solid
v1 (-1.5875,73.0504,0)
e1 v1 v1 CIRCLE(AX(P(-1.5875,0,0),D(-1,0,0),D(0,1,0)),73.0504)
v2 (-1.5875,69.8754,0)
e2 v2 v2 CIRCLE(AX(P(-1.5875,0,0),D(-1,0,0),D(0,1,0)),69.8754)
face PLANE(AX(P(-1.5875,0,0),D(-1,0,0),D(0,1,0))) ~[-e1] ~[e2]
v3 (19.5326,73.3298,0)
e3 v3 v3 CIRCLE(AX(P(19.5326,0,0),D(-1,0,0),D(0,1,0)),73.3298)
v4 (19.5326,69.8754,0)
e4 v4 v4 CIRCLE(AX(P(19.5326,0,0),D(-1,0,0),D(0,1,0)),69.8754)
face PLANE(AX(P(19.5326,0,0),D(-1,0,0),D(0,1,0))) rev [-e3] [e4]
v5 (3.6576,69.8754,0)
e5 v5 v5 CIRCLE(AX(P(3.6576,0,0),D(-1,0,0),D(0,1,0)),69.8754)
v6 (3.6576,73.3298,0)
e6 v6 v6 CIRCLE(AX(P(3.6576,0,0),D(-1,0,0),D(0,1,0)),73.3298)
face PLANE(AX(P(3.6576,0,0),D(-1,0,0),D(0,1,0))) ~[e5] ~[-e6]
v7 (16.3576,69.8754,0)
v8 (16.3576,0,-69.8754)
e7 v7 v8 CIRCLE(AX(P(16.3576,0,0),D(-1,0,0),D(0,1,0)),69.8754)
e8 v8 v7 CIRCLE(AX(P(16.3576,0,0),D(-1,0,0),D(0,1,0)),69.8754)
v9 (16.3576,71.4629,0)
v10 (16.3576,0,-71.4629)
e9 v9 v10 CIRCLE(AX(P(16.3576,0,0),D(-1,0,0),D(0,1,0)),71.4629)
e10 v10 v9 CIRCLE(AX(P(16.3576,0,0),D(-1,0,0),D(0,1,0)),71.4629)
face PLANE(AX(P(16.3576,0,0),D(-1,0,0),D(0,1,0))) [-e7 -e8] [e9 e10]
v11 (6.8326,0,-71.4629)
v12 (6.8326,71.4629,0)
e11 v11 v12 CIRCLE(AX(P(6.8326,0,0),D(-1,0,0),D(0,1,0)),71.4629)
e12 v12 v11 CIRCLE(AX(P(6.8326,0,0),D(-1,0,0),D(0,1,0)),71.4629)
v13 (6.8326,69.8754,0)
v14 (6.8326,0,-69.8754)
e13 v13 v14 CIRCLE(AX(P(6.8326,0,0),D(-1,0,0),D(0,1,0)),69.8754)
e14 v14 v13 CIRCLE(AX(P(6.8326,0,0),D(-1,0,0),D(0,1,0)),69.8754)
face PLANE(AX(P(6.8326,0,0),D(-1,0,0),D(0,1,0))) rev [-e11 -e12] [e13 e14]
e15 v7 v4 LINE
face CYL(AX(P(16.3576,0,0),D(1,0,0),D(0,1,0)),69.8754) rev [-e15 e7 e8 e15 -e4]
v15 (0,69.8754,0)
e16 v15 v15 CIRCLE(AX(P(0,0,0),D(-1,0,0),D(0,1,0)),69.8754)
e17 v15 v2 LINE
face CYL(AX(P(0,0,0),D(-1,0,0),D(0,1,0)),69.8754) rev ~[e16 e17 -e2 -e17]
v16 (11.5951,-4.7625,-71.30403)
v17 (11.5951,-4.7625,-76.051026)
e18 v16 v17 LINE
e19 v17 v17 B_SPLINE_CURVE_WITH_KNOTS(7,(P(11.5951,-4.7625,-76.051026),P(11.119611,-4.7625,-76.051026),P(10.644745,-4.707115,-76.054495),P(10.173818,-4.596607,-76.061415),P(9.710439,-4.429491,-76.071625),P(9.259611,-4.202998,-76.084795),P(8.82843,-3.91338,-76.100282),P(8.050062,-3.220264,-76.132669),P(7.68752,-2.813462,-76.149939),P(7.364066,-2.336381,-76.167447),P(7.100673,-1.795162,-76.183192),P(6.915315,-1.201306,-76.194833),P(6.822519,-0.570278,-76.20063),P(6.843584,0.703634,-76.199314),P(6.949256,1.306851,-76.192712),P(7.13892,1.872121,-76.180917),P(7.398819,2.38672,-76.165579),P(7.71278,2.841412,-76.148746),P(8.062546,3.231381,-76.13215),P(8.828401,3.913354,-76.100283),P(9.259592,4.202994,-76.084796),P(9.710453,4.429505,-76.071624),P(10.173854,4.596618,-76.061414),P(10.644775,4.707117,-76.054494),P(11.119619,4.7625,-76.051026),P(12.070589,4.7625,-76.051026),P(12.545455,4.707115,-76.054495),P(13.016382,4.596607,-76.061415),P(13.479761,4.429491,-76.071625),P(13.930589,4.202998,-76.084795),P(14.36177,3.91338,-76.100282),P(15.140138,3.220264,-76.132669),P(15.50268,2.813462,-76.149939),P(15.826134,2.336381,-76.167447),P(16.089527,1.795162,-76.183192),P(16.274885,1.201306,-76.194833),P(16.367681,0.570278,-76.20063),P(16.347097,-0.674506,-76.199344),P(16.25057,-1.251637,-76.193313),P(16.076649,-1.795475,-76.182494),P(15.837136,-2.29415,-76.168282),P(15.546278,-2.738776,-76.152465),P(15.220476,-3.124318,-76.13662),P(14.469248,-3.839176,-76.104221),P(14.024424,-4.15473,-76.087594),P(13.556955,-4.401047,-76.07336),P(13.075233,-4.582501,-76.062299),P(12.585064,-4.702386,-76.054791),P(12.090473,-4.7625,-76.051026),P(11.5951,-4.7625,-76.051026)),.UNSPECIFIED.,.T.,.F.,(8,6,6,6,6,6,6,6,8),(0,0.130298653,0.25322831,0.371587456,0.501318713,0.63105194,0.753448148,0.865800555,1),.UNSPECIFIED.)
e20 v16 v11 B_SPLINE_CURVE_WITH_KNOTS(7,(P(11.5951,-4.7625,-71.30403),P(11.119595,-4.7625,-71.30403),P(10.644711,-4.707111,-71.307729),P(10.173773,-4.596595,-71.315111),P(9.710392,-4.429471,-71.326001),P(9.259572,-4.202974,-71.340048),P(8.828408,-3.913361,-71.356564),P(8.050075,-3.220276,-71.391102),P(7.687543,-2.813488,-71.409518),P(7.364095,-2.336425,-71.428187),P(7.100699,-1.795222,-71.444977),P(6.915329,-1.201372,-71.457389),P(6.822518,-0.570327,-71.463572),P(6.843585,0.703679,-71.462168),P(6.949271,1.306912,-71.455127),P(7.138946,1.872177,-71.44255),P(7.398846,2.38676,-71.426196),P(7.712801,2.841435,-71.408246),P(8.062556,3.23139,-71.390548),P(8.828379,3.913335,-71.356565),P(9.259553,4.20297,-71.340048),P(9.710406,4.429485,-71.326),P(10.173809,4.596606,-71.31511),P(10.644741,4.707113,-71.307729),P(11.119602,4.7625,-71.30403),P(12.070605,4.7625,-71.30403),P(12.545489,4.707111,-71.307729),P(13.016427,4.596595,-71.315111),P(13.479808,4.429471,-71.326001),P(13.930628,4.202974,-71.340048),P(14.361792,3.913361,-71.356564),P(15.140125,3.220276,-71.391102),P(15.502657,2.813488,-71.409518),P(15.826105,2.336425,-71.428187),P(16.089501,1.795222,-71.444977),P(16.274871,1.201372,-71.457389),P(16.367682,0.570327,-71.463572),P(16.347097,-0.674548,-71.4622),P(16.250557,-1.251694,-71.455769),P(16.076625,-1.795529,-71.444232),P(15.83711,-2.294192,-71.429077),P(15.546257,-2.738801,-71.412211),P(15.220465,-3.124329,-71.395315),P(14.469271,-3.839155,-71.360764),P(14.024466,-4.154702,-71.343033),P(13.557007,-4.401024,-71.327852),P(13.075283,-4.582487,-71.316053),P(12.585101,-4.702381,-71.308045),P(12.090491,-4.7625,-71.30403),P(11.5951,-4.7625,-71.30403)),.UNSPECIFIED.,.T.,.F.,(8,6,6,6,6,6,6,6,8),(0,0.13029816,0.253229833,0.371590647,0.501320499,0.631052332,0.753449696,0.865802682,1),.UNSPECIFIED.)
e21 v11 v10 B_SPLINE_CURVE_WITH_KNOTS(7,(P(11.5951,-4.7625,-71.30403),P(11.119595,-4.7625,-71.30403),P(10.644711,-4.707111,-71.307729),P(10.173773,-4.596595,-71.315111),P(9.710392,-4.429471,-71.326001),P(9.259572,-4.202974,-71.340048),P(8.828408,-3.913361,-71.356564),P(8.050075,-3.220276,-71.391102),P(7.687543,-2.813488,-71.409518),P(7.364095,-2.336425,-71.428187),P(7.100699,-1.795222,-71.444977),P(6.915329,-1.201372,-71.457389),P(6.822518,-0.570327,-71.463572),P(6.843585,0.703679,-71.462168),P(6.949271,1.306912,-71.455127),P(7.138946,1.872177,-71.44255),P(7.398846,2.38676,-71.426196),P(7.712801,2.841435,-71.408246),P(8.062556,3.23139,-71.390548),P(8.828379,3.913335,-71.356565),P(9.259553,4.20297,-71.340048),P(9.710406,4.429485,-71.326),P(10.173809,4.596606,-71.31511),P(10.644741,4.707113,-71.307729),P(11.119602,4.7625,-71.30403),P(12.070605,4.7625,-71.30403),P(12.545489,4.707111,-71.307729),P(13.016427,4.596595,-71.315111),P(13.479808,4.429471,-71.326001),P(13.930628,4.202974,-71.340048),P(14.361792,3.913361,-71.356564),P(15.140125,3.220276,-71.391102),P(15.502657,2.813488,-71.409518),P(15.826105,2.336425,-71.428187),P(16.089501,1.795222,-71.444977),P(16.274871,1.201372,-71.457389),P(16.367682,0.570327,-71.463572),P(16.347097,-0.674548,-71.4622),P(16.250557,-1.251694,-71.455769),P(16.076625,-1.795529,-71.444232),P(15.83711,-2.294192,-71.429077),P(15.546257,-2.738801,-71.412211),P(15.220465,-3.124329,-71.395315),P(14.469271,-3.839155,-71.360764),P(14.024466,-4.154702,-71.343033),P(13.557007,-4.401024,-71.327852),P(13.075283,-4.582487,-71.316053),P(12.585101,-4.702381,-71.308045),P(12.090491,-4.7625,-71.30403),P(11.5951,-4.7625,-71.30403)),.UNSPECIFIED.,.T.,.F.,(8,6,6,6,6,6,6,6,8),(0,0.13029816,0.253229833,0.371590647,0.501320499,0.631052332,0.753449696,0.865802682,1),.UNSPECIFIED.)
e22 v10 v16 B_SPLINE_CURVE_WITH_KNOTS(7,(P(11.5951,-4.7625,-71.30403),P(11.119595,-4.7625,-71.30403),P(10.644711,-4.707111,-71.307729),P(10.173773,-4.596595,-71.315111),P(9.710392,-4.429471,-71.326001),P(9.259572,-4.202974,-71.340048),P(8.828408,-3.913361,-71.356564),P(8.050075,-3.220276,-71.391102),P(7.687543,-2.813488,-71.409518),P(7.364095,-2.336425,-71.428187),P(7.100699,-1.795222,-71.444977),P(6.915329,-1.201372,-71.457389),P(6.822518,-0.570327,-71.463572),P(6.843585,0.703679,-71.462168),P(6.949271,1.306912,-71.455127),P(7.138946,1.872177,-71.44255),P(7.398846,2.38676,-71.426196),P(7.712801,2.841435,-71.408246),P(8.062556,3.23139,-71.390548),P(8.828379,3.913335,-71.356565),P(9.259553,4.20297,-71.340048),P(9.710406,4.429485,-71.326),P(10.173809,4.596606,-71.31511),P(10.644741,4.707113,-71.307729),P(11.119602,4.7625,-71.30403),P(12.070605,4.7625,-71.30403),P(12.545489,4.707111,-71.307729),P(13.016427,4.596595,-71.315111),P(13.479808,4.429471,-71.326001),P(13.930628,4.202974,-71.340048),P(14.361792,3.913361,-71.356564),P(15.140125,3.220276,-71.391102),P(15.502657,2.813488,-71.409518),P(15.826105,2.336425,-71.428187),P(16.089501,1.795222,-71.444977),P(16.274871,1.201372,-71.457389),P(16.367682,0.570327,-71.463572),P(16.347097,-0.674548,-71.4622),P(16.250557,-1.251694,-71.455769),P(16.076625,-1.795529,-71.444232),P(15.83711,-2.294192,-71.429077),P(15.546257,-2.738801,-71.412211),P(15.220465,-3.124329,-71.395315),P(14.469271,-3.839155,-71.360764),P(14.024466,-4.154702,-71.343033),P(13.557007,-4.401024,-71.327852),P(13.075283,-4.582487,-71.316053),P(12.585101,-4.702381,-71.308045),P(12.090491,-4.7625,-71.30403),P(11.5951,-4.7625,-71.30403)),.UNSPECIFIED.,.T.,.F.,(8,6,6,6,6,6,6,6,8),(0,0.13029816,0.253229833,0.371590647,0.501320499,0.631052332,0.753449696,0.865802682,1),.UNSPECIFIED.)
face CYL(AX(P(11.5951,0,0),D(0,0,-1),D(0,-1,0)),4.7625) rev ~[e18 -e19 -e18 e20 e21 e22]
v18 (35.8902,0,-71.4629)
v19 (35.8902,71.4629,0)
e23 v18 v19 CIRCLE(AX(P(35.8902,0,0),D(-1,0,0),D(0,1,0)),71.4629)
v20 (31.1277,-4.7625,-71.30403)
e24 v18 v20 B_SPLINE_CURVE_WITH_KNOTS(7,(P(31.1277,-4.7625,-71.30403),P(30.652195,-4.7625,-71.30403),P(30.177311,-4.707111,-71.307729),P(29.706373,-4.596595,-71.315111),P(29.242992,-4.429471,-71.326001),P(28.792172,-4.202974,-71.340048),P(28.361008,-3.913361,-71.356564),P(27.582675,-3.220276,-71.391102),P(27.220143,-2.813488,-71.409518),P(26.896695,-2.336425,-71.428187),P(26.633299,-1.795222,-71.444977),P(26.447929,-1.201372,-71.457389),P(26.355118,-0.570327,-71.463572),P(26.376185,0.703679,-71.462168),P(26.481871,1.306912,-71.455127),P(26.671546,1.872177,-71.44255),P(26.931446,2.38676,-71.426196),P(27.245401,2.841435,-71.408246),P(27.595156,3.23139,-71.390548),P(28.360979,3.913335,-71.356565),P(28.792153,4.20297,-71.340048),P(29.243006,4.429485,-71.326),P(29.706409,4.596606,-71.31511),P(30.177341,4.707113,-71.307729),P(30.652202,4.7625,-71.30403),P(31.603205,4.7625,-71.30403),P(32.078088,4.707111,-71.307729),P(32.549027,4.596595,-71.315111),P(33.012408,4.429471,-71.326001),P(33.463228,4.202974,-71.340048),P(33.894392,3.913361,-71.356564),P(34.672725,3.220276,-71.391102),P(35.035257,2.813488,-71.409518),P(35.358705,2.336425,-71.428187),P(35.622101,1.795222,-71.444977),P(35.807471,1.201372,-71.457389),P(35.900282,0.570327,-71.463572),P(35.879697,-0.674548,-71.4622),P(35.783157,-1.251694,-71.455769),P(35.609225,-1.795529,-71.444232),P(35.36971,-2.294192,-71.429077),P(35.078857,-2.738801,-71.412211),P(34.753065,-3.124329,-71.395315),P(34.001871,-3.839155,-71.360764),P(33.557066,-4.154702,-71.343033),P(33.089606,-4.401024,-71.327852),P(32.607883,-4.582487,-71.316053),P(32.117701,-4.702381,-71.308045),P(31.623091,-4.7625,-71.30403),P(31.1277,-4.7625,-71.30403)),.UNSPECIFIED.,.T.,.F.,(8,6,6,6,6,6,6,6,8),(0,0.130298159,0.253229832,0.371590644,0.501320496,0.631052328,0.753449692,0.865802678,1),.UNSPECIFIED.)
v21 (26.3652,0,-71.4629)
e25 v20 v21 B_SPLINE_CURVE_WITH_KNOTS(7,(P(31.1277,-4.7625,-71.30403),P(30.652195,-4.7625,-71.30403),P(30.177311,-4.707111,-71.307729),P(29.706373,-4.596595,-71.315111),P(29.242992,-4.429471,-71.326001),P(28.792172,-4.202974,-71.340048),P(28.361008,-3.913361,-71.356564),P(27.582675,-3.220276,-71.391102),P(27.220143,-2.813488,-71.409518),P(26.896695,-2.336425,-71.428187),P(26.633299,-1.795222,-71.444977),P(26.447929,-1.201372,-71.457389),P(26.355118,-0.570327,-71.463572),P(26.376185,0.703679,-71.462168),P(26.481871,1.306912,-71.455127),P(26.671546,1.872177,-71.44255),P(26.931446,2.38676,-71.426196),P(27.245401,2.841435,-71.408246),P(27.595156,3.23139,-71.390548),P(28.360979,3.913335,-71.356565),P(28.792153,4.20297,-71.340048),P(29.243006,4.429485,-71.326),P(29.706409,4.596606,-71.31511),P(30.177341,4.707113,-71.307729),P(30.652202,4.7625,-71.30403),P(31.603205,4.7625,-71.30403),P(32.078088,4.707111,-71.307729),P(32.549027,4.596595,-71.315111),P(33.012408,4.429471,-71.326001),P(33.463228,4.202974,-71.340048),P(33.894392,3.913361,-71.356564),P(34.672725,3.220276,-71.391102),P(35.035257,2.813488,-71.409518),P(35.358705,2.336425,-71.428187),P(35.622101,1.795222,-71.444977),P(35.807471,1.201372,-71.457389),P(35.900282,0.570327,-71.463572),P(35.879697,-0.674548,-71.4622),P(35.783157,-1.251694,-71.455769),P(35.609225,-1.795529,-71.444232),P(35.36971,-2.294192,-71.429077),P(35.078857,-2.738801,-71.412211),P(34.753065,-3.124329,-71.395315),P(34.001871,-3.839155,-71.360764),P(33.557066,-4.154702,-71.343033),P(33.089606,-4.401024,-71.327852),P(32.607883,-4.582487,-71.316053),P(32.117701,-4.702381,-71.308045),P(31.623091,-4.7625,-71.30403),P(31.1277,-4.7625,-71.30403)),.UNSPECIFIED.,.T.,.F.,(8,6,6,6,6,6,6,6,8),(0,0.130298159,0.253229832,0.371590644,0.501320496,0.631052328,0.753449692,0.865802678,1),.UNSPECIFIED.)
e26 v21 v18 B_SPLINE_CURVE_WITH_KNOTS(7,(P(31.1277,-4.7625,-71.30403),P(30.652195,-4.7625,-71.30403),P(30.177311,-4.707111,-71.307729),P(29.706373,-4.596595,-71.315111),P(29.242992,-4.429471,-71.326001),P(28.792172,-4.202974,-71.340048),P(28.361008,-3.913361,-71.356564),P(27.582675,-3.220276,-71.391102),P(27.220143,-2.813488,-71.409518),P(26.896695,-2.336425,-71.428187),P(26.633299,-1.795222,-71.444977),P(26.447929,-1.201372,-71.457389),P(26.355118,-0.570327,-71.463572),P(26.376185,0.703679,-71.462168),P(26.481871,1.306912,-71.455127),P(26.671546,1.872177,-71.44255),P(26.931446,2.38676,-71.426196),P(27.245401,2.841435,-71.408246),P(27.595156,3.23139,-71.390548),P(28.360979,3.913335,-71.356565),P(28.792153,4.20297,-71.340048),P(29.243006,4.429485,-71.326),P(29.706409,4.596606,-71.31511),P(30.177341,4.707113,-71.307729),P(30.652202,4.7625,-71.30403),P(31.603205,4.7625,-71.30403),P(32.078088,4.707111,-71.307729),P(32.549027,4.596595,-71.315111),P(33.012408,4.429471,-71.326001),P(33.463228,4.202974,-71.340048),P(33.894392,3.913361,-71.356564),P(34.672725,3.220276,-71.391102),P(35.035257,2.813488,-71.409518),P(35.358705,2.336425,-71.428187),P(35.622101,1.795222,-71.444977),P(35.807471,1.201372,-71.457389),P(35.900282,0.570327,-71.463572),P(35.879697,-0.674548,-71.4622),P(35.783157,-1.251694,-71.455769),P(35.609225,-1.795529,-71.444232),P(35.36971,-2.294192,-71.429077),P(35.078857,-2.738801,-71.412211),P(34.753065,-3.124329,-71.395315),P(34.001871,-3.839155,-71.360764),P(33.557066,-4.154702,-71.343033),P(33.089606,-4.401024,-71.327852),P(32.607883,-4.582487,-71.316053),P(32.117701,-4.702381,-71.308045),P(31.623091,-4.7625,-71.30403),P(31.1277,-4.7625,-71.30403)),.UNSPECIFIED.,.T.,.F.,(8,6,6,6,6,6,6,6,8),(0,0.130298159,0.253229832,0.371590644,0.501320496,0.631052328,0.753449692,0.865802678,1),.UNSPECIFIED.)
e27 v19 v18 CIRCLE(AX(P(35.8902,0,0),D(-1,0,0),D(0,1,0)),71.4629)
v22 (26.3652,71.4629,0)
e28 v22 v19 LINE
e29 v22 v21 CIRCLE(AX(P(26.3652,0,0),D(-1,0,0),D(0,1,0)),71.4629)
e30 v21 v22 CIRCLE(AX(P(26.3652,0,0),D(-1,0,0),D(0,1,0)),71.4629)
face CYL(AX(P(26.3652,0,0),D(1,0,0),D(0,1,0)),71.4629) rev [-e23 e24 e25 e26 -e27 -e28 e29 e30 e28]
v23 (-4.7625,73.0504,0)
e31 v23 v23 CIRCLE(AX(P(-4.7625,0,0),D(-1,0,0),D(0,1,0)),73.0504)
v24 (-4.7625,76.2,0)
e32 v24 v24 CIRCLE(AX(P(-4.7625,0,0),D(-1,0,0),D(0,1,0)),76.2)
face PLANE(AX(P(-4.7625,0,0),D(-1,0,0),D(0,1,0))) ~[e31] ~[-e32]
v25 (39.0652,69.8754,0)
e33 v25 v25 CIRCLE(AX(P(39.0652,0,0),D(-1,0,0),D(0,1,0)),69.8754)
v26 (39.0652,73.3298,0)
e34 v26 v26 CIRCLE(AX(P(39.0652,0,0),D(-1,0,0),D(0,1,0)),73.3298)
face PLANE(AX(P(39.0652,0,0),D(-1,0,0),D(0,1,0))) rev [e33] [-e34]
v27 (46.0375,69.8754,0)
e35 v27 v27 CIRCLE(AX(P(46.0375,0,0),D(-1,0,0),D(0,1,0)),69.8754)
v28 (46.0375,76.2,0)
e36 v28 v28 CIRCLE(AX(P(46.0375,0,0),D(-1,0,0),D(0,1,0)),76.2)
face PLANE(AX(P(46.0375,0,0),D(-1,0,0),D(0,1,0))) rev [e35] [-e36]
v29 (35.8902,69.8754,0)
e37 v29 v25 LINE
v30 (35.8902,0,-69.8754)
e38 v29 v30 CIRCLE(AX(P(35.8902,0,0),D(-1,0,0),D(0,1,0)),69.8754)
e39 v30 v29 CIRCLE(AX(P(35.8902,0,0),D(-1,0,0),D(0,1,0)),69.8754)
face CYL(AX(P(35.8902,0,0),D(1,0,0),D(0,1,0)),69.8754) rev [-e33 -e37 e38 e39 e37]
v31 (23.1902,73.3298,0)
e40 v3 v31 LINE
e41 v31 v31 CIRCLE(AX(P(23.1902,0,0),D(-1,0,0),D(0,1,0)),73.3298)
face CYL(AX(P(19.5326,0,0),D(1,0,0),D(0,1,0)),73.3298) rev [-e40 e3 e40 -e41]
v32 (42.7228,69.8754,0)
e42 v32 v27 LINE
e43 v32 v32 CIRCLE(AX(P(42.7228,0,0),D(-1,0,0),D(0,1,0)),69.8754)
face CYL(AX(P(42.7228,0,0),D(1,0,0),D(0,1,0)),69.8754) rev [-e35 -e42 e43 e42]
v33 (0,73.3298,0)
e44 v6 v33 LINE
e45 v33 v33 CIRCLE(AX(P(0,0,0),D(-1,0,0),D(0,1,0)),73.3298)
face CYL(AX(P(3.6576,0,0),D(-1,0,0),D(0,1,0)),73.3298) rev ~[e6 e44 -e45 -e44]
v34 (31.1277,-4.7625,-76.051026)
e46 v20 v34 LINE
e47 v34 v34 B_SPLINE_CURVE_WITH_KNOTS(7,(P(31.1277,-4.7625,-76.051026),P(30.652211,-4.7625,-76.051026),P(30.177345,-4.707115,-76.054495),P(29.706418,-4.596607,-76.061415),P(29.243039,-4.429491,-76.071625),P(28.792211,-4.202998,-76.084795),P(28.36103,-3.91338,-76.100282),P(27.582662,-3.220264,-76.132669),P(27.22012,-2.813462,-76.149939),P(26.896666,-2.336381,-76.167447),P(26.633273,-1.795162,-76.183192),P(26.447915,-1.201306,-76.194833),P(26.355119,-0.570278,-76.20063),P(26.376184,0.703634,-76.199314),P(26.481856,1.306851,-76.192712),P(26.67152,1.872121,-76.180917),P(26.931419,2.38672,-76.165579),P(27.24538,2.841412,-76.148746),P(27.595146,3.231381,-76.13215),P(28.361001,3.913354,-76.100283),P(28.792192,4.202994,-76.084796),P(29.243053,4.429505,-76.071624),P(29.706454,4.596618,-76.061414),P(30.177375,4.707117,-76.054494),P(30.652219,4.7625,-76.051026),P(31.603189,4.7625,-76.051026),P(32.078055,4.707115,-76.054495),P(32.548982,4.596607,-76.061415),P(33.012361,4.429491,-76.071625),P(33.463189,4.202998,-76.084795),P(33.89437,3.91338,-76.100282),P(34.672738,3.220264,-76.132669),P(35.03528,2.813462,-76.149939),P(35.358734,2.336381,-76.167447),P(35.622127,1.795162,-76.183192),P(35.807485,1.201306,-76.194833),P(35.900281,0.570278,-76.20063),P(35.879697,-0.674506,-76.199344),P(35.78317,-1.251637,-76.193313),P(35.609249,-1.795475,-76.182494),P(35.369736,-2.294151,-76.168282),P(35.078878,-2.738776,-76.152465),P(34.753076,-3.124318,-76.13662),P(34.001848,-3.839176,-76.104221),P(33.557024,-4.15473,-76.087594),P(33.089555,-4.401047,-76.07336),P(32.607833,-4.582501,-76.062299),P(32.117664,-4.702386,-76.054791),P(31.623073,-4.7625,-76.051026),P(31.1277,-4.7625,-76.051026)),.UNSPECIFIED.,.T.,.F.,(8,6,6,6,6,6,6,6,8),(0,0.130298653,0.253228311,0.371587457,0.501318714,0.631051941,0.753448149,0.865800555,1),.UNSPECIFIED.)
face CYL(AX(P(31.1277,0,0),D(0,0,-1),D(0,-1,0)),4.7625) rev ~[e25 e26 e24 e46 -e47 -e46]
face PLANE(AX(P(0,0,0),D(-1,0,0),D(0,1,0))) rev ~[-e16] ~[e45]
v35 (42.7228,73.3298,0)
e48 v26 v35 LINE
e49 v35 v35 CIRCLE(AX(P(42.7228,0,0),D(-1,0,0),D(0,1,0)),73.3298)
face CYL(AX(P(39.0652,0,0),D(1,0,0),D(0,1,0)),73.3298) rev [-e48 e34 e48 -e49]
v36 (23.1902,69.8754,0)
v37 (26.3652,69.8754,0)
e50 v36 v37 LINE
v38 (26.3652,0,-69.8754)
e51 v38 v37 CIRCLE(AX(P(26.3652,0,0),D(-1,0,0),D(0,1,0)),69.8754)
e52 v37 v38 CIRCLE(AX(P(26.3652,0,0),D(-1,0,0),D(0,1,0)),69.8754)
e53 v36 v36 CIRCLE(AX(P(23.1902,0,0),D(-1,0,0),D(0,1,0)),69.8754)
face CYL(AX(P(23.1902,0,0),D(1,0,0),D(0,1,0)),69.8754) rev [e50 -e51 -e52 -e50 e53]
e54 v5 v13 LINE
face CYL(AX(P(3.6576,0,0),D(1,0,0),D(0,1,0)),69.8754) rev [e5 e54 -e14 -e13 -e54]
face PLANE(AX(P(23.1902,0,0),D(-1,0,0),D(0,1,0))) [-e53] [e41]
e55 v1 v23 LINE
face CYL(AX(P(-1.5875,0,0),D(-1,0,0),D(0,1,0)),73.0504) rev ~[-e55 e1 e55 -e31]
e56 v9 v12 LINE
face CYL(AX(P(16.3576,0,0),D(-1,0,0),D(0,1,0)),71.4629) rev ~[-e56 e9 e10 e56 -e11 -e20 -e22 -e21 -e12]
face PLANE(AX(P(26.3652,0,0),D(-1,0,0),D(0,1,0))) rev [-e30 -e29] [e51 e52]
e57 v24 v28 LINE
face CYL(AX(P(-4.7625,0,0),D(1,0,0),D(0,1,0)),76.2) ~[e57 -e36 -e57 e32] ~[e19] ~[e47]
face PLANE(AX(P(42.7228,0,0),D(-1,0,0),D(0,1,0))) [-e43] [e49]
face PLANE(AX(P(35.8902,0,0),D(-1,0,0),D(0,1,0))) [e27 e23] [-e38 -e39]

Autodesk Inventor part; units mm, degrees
ref_plane "YZ Plane" through (0, 0, 0) normal (1, 0, 0) x (0, 1, 0)
ref_plane "XZ Plane" through (0, 0, 0) normal (0, 1, 0) x (-1, 0, 0)
ref_plane "XY Plane" through (0, 0, 0) normal (0, 0, 1) x (1, 0, 0)
sketch "Sketch1" plane through (0, 0, 0) normal (0, 0, 1) x (1, 0, 0)
  line L0 (14.8587, 0) -> (-14.8587, 0) construction
  line L1 (0, 69.8754) -> (46.0375, 69.8754) construction
  line L2 (6.8326, 71.4629) -> (16.3576, 71.4629) construction
  line L3 (16.3576, 71.4629) -> (16.3576, 68.2879) construction
  line L4 (16.3576, 68.2879) -> (6.8326, 68.2879) construction
  line L5 (6.8326, 68.2879) -> (6.8326, 71.4629) construction
  line L6 (6.8326, 71.4629) -> (16.3576, 68.2879) construction
  line L7 (16.3576, 71.4629) -> (6.8326, 68.2879) construction
  line L8 (0, 69.8754) -> (3.6576, 69.8754) construction
  line L9 (3.6576, 69.8754) -> (3.6576, 73.3298)
  line L10 (3.6576, 73.3298) -> (0, 73.3298)
  line L11 (0, 73.3298) -> (0, 69.8754)
  line L12 (11.5951, 69.8754) -> (11.5951, 71.4629) construction
  line L13 (0, 69.8754) -> (-1.5875, 69.8754)
  line L14 (-1.5875, 69.8754) -> (-1.5875, 73.0504)
  line L15 (-1.5875, 73.0504) -> (-4.7625, 73.0504)
  line L16 (-4.7625, 76.2) -> (46.0375, 76.2)
  line L17 (-4.7625, 73.0504) -> (-4.7625, 76.2)
  line L18 (19.5326, 69.8754) -> (19.5326, 73.3298)
  line L19 (19.5326, 73.3298) -> (23.1902, 73.3298)
  line L20 (23.1902, 73.3298) -> (23.1902, 69.8754)
  line L21 (21.3614, 69.8754) -> (21.3614, 73.3298) construction
  line L22 (35.8902, 71.4629) -> (26.3652, 71.4629) construction
  line L23 (26.3652, 71.4629) -> (26.3652, 68.2879) construction
  line L24 (26.3652, 68.2879) -> (35.8902, 68.2879) construction
  line L25 (35.8902, 68.2879) -> (35.8902, 71.4629) construction
  line L26 (35.8902, 71.4629) -> (26.3652, 68.2879) construction
  line L27 (26.3652, 71.4629) -> (35.8902, 68.2879) construction
  line L28 (42.7228, 69.8754) -> (39.0652, 69.8754) construction
  line L29 (39.0652, 69.8754) -> (39.0652, 73.3298)
  line L30 (39.0652, 73.3298) -> (42.7228, 73.3298)
  line L31 (42.7228, 73.3298) -> (42.7228, 69.8754)
  line L32 (31.1277, 69.8754) -> (31.1277, 71.4629) construction
  line L33 (46.0375, 69.8754) -> (46.0375, 76.2)
  line L34 (42.7228, 69.8754) -> (46.0375, 69.8754)
  line L35 (6.8326, 69.8754) -> (6.8326, 71.4629)
  line L36 (16.3576, 71.4629) -> (6.8326, 71.4629)
  line L37 (16.3576, 71.4629) -> (16.3576, 69.8754)
  line L38 (16.3576, 69.8754) -> (19.5326, 69.8754)
  line L39 (23.1902, 69.8754) -> (26.3652, 69.8754)
  line L40 (26.3652, 69.8754) -> (26.3652, 71.4629)
  line L41 (26.3652, 71.4629) -> (35.8902, 71.4629)
  line L42 (35.8902, 71.4629) -> (35.8902, 69.8754)
  line L43 (35.8902, 69.8754) -> (39.0652, 69.8754)
  line L44 (3.6576, 69.8754) -> (6.8326, 69.8754)
  point P0 (0, 0)
  point P1 (0, 0)
  dimension "d1" = 139.7508
  dimension "d3" = 3.6576
  dimension "d4" = 3.4544
  dimension "d5" = 3.175
  dimension "d6" = 1.5875
  dimension "d7" = 3.175
  dimension "d8" = 3.175
  dimension "d9" = 152.4
  dimension "d10" = 3.175
  dimension "d12" = 3.3147
  dimension "d13" = 1.5875
  dimension "d22" = 9.525
  dimension "d23" = 9.525
  dimension "d24" = 50.8
  dimension "d25" = 14.9098
  dimension "d27" = 19.6723
  dimension "d28" = 11.5951
revolve "Revolution1" add sketch "Sketch1" angle 360 about axis through (14.8587, 0, 0) along (-1, 0, 0)
sketch "Sketch2" plane through (0, 0, 0) normal (0, 0, 1) x (1, 0, 0)
  line L0 (16.3576, -71.4629) -> (16.3576, 71.4629) projected
  line L1 (6.8326, -71.4629) -> (6.8326, 71.4629) projected
  line L2 (35.8902, -71.4629) -> (35.8902, 71.4629) projected
  line L3 (26.3652, -71.4629) -> (26.3652, 71.4629) projected
  line L4 (6.8326, 0) -> (35.8902, 0) construction
  line L5 (6.8326, 0) -> (16.3576, 0)
  line L6 (26.3652, 0) -> (35.8902, 0)
  point P0 (0, 0)
  point P1 (11.5951, 0)
  point P2 (31.1277, 0)
hole "Hole1" at (11.5951, 0, 0) at (31.1277, 0, 0) direction (0, 0, -1) diameter 9.525 end through all
properties part number "1132_Outer RU Body_V1" material "Bronze"
